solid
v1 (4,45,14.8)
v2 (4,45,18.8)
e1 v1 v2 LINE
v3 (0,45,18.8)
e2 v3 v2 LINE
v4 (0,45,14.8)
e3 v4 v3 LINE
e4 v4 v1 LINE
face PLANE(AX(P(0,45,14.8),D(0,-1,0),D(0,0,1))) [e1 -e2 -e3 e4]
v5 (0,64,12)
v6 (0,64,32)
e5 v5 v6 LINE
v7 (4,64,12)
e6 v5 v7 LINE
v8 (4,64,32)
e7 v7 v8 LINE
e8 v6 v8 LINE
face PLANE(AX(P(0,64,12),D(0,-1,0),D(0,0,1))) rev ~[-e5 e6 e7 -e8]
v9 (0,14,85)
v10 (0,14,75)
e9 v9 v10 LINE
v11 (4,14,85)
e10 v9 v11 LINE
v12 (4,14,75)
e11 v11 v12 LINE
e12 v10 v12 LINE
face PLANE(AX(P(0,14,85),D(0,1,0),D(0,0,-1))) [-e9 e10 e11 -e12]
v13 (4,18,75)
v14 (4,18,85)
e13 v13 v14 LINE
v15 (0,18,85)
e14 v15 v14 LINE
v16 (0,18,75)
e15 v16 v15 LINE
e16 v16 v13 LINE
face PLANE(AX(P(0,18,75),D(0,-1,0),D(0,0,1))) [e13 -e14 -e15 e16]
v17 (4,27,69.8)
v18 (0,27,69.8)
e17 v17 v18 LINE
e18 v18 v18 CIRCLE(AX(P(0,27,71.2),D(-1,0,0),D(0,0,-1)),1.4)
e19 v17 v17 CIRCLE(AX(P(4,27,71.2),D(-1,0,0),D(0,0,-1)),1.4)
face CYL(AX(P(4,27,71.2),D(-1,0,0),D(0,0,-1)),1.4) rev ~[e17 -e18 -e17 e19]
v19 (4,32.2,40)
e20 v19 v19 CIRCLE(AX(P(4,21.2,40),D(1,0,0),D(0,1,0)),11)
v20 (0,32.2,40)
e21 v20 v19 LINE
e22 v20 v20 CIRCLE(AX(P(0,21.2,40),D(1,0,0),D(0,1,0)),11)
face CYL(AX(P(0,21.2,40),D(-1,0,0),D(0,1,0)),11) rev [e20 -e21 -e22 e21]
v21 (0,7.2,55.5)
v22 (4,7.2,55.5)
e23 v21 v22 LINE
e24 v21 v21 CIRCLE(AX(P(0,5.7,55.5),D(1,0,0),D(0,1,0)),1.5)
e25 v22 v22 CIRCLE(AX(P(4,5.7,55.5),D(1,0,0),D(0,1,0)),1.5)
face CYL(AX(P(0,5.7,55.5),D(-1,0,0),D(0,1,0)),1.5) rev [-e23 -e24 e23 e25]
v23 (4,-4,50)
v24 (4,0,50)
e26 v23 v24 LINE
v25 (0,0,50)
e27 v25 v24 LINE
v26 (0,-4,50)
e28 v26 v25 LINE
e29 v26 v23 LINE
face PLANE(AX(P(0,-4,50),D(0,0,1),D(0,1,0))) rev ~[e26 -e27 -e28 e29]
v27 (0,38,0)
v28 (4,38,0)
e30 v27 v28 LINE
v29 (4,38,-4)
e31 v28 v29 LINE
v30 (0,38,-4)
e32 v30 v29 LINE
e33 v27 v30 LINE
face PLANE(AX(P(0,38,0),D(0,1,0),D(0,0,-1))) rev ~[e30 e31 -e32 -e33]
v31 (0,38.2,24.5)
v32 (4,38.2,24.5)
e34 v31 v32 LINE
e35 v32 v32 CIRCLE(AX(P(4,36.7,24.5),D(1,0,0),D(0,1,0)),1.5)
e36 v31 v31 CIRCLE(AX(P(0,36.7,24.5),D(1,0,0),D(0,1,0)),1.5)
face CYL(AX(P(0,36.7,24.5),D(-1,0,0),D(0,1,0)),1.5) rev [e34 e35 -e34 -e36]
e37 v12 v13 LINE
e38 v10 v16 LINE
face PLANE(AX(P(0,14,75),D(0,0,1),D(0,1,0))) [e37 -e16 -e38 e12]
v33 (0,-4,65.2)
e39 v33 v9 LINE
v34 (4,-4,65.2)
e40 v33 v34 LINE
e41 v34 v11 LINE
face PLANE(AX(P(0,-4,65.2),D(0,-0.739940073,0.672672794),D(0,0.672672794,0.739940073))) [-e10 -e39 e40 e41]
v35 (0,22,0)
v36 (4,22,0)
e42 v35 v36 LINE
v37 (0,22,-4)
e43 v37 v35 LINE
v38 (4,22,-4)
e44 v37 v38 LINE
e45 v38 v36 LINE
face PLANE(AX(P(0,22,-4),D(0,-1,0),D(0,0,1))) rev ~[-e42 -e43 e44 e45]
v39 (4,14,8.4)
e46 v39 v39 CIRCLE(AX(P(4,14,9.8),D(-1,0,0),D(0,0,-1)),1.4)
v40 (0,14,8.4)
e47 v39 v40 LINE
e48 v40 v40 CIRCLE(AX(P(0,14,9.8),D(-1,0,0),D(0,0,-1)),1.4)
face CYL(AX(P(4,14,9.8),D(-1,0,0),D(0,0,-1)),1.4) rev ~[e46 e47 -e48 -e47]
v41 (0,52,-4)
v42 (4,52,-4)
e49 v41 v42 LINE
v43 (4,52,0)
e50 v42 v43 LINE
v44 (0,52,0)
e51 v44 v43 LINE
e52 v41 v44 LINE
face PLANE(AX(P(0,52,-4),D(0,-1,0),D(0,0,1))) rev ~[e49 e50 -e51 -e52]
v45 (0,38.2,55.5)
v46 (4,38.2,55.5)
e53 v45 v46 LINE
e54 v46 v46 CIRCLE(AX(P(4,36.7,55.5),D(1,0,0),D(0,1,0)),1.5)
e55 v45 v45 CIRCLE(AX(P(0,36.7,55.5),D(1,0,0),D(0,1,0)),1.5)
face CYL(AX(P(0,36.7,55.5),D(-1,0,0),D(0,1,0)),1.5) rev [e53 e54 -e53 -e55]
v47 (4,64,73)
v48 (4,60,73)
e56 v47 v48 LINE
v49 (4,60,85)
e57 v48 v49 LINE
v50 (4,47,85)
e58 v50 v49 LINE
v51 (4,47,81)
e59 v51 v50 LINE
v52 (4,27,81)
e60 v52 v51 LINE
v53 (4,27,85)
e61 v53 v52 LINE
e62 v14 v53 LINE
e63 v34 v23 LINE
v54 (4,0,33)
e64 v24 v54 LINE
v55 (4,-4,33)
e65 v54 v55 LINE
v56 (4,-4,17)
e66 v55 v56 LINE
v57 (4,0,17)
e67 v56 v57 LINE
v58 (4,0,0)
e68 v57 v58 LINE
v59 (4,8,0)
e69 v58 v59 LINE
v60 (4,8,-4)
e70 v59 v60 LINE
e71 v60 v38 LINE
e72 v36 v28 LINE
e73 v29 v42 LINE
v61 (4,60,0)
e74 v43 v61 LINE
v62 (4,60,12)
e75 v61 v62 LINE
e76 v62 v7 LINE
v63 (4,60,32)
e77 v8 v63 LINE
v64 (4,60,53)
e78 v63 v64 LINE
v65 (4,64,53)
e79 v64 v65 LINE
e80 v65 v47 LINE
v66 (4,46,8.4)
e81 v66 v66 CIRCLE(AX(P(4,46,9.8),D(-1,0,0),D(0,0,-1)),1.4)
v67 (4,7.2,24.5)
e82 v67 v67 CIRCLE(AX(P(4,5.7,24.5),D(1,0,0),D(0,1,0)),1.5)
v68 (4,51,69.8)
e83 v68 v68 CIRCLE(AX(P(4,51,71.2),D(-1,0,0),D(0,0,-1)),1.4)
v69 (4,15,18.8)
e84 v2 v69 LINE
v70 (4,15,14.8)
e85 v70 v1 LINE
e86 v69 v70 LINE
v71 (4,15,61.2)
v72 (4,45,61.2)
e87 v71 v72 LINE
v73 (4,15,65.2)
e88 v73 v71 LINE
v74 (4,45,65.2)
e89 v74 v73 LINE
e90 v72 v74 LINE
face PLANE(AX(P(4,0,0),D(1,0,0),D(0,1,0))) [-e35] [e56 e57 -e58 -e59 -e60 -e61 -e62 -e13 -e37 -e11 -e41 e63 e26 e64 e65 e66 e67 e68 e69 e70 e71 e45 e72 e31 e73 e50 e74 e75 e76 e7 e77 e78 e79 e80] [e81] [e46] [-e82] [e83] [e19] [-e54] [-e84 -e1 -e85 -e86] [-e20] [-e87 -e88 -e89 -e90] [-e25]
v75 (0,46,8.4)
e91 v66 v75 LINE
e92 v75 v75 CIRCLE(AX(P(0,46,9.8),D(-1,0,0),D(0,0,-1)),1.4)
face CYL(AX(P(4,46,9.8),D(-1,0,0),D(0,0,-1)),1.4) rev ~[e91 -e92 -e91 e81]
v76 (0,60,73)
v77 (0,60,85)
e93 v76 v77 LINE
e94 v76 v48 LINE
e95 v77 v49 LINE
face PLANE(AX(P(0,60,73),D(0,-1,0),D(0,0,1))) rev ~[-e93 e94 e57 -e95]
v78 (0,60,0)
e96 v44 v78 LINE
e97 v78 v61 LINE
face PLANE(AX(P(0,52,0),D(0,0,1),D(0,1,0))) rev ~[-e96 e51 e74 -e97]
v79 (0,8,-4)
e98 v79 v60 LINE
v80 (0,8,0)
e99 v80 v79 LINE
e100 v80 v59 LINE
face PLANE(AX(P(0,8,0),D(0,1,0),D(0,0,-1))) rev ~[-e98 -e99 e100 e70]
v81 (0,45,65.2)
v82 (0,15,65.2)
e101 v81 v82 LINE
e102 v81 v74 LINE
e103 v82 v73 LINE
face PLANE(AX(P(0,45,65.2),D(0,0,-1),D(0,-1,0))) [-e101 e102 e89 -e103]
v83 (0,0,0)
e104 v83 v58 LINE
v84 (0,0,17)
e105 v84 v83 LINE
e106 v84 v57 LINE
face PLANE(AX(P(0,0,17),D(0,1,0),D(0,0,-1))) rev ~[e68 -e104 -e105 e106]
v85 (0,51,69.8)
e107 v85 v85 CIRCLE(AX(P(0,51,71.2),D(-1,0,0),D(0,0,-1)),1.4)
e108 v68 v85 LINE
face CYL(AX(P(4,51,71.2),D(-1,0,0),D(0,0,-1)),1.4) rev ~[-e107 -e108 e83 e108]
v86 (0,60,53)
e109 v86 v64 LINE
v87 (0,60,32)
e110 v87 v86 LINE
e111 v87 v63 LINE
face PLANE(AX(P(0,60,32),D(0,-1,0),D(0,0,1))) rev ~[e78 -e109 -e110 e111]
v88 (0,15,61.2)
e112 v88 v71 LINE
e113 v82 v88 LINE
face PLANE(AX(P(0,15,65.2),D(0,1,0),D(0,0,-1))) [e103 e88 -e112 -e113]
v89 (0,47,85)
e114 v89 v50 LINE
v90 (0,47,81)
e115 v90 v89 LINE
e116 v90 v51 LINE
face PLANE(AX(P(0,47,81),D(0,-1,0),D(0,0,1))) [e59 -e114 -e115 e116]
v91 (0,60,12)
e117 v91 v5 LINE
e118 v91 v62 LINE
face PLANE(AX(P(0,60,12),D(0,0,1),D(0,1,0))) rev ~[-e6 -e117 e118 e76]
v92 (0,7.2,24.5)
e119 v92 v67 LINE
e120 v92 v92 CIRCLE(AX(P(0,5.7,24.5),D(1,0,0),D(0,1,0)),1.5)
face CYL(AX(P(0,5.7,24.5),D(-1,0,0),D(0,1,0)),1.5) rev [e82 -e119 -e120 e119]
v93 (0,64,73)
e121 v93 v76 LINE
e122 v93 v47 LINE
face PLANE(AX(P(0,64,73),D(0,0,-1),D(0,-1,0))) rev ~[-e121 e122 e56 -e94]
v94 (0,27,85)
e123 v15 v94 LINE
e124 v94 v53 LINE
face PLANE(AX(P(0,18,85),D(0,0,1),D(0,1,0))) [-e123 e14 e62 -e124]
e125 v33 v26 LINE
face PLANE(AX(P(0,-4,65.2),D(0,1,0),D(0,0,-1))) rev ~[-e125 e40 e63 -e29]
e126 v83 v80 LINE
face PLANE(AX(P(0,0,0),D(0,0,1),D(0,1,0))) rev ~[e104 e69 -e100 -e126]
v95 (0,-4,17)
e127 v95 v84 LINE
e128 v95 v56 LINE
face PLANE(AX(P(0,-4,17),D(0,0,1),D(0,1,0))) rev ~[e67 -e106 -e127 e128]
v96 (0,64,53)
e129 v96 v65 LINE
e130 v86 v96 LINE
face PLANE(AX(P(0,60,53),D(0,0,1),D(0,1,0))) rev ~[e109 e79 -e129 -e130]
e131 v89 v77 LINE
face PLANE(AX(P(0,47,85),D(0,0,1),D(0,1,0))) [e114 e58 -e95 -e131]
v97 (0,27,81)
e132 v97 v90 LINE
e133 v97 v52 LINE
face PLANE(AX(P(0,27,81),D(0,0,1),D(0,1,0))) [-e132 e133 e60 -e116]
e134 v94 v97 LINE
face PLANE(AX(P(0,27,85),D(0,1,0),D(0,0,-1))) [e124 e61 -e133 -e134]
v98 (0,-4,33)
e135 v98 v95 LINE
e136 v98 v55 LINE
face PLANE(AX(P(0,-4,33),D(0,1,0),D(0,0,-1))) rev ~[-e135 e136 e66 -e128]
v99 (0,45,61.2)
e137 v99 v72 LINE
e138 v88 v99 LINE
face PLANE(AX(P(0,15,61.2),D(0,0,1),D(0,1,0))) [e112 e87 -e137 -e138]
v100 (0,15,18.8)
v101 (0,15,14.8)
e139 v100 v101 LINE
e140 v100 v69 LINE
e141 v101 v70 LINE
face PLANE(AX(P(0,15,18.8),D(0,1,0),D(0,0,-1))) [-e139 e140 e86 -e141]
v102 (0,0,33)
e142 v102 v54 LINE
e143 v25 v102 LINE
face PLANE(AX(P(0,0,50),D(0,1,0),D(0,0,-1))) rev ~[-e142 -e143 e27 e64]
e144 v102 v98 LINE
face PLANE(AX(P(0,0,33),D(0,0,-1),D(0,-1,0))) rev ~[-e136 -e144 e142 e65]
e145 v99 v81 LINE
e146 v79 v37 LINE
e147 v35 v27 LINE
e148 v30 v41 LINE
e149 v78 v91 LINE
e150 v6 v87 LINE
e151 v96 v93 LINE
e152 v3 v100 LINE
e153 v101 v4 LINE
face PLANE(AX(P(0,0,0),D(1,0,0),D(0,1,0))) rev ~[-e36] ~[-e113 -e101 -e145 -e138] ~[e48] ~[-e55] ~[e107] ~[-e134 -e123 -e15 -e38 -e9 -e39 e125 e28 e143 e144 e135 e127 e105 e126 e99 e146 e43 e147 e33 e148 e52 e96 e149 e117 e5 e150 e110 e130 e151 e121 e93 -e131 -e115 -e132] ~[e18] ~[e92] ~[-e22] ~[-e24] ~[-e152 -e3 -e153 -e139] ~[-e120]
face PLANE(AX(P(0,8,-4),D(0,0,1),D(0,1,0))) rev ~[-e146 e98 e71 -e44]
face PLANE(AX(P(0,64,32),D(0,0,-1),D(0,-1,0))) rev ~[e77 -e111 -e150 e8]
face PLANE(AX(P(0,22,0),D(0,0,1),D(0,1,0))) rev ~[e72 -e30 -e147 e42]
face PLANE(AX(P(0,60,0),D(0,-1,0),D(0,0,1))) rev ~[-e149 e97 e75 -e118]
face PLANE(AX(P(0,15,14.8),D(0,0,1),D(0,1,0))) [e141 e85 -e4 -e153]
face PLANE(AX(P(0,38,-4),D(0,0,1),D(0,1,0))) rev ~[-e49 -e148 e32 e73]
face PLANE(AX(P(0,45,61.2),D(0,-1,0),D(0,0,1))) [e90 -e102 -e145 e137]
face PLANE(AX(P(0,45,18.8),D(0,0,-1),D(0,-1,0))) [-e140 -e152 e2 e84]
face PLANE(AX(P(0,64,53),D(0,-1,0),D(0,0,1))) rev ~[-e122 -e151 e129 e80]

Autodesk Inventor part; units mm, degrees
ref_plane "YZ Plane" through (0, 0, 0) normal (1, 0, 0) x (0, 1, 0)
ref_plane "XZ Plane" through (0, 0, 0) normal (0, 1, 0) x (-1, 0, 0)
ref_plane "XY Plane" through (0, 0, 0) normal (0, 0, 1) x (1, 0, 0)
sketch "Эскиз1" plane through (0, 0, 0) normal (1, 0, 0) x (0, 1, 0)
  line L0 (0, 0) -> (8, 0)
  line L1 (8, 0) -> (8, -4)
  line L2 (8, -4) -> (22, -4)
  line L3 (22, -4) -> (22, 0)
  line L4 (22, 0) -> (38, 0)
  line L5 (38, 0) -> (38, -4)
  line L6 (38, -4) -> (52, -4)
  line L7 (52, -4) -> (52, 0)
  line L8 (52, 0) -> (60, 0)
  line L9 (60, 0) -> (60, 12)
  line L10 (60, 12) -> (64, 12)
  line L11 (64, 12) -> (64, 32)
  line L12 (64, 32) -> (60, 32)
  line L13 (60, 32) -> (60, 53)
  line L14 (60, 53) -> (64, 53)
  line L15 (64, 53) -> (64, 73)
  line L16 (64, 73) -> (60, 73)
  line L17 (60, 73) -> (60, 85)
  line L18 (-4, 65.2) -> (-4, 50)
  line L19 (-4, 50) -> (0, 50)
  line L20 (0, 50) -> (0, 33)
  line L21 (0, 33) -> (-4, 33)
  line L22 (-4, 33) -> (-4, 17)
  line L23 (-4, 17) -> (0, 17)
  line L24 (0, 17) -> (0, 0)
  line L25 (0, 61.2) -> (42.4, 61.2) construction
  line L26 (42.4, 61.2) -> (42.4, 18.8) construction
  line L27 (42.4, 18.8) -> (0, 18.8) construction
  line L28 (0, 18.8) -> (0, 61.2) construction
  line L29 (42.4, 61.2) -> (0, 18.8) construction
  line L30 (0, 61.2) -> (42.4, 18.8) construction
  circle A0 centre (21.2, 40) radius 11
  circle A1 centre (36.7, 55.5) radius 1.5
  circle A2 centre (36.7, 24.5) radius 1.5
  circle A3 centre (5.7, 24.5) radius 1.5
  circle A4 centre (5.7, 55.5) radius 1.5
  line L31 (-4, 65.2) -> (14, 85)
  line L32 (27, 85) -> (27, 81)
  line L33 (27, 81) -> (47, 81)
  line L34 (47, 81) -> (47, 85)
  line L35 (47, 85) -> (60, 85)
  line L36 (15, 14.8) -> (45, 14.8)
  line L37 (45, 14.8) -> (45, 18.8)
  line L38 (45, 18.8) -> (15, 18.8)
  line L39 (15, 18.8) -> (15, 14.8)
  line L40 (15, 61.2) -> (45, 61.2)
  line L41 (45, 61.2) -> (45, 65.2)
  line L42 (45, 65.2) -> (15, 65.2)
  line L43 (15, 65.2) -> (15, 61.2)
  line L44 (14, 85) -> (14, 75)
  line L45 (14, 75) -> (18, 75)
  line L46 (18, 75) -> (18, 85)
  line L47 (18, 85) -> (27, 85)
  point P0 (21.2, 40)
  point P1 (30, 14.8)
  point P2 (30, 0)
  dimension "d0" = 4
  dimension "d1" = 8
  dimension "d2" = 14
  dimension "d3" = 16
  dimension "d4" = 14
  dimension "d5" = 8
  dimension "d6" = 17
  dimension "d7" = 16
  dimension "d8" = 17
  dimension "d9" = 15.2
  dimension "d11" = 12
  dimension "d12" = 20
  dimension "d13" = 20
  dimension "d16" = 21
  dimension "d22" = 42.4
  dimension "d23" = 31
  dimension "d24" = 40
  dimension "d25" = 22
  dimension "d26" = 3
  dimension "d31" = 85
  dimension "d32" = 12
  dimension "d33" = 20
  dimension "d36" = 30
  dimension "d37" = 10
  dimension "d38" = 13
  dimension "d40" = 13
extrude "Выдавливание1" add sketch "Эскиз1" along normal blind 4
sketch "Эскиз4" plane through (4, 0, 0) normal (1, 0, 0) x (0, 0, -1)
  line L0 (0, 0) -> (0, 8) projected
  line L1 (-14.8, 45) -> (-14.8, 15) projected
  line L2 (-17, 0) -> (0, 0) projected
  line L3 (0, 60) -> (-12, 60) projected
  line L4 (-73, 60) -> (-85, 60) projected
  line L5 (-65.2, 15) -> (-65.2, 45) projected
  point P0 (-9.8, 14)
  point P1 (-9.8, 46)
  point P2 (-71.2, 51)
  point P3 (-71.2, 27)
  dimension "d51" = 5
  dimension "d52" = 14
  dimension "d53" = 14
  dimension "d54" = 9
  dimension "d55" = 33
  dimension "d56" = 6
hole "Отверстие1" at (4, 14, 9.8) at (4, 46, 9.8) at (4, 51, 71.2) at (4, 27, 71.2) direction (-1, 0, 0) diameter 2.8 end through all
properties part number "stepperMount" material "Дерево (береза)"
